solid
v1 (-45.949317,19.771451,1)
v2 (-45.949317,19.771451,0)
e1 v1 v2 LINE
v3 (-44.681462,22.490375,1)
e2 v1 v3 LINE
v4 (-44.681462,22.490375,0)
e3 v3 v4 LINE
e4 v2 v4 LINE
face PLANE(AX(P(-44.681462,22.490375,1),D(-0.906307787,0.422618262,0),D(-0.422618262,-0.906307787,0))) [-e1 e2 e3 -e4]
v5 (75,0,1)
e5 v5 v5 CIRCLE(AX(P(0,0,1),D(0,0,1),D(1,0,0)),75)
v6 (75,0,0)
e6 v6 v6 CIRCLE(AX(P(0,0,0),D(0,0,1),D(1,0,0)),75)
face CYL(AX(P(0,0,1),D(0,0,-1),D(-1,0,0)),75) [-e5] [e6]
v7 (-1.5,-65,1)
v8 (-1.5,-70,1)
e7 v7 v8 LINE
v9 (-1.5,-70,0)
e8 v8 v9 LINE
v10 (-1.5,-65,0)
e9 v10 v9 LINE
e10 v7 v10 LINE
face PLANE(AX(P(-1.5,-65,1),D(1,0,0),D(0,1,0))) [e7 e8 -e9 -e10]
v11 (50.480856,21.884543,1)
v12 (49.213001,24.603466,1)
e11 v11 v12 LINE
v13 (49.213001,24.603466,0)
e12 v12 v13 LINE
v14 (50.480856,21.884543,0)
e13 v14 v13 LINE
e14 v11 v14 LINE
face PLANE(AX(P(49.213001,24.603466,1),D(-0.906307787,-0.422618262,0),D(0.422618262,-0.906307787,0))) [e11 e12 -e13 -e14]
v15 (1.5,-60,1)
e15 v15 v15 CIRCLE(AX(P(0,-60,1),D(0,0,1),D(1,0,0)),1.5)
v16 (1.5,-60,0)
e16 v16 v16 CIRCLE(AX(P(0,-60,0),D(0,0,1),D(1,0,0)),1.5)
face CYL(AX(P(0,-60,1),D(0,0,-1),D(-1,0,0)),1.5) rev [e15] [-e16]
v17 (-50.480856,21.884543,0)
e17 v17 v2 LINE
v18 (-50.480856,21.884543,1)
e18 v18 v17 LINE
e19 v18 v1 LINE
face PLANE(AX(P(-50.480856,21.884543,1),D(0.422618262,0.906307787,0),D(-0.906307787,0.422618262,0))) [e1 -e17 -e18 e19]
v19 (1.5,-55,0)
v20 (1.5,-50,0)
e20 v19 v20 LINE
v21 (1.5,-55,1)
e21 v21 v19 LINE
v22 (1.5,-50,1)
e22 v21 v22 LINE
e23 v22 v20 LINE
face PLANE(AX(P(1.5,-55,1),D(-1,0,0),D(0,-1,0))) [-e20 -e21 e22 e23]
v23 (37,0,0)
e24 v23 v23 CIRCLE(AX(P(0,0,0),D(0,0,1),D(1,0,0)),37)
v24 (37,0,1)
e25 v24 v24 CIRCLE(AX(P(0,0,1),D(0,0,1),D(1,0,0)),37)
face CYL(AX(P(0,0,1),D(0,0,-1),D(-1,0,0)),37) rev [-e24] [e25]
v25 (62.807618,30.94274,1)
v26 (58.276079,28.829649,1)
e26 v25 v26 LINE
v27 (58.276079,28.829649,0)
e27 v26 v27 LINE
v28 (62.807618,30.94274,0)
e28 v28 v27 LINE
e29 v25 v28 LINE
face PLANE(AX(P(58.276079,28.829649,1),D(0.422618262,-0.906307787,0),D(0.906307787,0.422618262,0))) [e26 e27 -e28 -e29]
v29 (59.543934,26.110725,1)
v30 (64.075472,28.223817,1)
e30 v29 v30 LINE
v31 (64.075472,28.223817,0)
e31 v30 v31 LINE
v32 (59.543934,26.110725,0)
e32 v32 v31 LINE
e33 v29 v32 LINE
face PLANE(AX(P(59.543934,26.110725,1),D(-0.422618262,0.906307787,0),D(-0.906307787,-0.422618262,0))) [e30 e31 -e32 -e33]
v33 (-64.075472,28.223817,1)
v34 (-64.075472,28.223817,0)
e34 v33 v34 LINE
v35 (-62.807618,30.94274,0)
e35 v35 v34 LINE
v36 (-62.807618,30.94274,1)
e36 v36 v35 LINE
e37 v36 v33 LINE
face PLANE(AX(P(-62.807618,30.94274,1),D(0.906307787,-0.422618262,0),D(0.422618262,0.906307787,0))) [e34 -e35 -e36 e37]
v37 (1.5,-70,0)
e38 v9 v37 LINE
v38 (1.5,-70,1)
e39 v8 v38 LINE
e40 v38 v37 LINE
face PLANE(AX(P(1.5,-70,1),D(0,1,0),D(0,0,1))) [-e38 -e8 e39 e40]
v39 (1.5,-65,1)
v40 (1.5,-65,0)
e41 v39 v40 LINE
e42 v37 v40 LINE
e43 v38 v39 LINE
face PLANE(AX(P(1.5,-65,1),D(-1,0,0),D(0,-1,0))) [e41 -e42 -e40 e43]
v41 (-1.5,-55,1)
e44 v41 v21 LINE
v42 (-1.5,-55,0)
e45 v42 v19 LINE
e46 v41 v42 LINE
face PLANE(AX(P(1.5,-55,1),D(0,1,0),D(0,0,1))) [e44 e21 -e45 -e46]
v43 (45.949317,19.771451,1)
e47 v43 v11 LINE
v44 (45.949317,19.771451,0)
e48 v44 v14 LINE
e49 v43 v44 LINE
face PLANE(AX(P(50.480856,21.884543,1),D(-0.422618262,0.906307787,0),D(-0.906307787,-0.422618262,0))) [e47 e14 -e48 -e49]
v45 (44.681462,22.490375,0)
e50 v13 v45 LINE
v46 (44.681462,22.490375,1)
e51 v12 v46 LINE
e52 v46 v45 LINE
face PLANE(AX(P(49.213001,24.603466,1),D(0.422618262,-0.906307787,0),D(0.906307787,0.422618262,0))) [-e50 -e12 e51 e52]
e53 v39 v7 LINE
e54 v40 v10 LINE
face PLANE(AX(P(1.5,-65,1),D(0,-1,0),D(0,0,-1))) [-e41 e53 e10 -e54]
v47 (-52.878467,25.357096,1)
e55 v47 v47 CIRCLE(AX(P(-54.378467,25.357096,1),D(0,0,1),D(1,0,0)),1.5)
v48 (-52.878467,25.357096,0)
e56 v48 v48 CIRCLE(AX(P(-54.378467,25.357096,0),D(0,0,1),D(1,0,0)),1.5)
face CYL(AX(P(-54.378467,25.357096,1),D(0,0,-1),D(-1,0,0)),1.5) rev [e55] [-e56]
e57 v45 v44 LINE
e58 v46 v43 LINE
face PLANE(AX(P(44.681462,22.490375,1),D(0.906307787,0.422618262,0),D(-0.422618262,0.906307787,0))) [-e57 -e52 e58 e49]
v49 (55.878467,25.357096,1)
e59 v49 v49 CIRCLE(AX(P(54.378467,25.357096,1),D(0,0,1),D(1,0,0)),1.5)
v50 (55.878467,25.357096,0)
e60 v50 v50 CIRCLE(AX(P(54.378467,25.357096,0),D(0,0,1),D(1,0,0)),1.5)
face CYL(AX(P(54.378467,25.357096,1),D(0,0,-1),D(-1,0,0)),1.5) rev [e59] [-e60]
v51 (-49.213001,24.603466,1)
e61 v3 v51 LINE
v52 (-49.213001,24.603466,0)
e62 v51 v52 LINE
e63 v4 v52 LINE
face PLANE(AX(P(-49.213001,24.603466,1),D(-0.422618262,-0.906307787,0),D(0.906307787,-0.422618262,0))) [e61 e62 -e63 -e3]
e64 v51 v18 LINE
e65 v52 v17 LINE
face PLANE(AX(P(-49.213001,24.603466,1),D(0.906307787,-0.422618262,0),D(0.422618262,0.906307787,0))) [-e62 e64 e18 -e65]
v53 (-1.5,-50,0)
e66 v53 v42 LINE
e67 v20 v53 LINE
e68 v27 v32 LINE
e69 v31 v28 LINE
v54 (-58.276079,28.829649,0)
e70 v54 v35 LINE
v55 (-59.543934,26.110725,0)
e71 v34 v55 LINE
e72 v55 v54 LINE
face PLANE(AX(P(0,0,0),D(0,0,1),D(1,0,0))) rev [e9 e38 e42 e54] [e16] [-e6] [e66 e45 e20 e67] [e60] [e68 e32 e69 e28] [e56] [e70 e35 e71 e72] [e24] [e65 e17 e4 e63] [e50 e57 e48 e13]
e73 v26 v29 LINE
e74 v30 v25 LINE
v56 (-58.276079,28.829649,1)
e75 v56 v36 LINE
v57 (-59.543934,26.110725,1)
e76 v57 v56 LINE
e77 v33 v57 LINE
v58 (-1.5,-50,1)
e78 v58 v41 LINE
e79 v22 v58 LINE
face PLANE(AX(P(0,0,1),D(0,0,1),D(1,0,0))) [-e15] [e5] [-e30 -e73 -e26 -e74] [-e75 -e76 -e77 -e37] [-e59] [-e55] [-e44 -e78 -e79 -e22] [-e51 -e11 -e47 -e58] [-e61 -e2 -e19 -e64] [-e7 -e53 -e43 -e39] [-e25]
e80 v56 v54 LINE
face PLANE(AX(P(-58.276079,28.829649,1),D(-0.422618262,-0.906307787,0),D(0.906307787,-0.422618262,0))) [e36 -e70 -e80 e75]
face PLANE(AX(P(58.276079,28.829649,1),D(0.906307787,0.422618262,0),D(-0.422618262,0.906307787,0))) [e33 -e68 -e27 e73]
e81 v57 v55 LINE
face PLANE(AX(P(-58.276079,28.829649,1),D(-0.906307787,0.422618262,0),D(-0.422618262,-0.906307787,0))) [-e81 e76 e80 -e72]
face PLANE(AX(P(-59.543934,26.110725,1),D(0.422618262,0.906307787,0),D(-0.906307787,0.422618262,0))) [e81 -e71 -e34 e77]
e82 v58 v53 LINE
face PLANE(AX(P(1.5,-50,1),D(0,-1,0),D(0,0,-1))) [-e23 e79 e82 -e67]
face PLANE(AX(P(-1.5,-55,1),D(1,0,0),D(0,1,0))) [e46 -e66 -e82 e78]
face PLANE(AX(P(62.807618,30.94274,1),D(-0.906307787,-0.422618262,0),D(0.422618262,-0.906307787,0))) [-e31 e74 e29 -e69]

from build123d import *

# Parameters (mm, degrees)
SKETCH1_R           = 75
SKETCH1_R_2         = 37
SKETCH1_R_3         = 1.5
SKETCH1_W           = 3
SKETCH1_H           = 5
BOSS_EXTRUDE1_DEPTH = 1


with BuildPart() as part:
    # Sketch1 → Boss-Extrude1 (new body)
    with BuildSketch(Plane.XY):
        Circle(SKETCH1_R)
        Circle(SKETCH1_R_2, mode=Mode.SUBTRACT)
        with Locations((0, -60)):
            Circle(SKETCH1_R_3, mode=Mode.SUBTRACT)
        with Locations((54.378467222, 25.357095704)):
            Circle(SKETCH1_R_3, mode=Mode.SUBTRACT)
        with Locations((-54.378467222, 25.357095704)):
            Circle(SKETCH1_R_3, mode=Mode.SUBTRACT)
        with Locations((0, -52.5)):
            Rectangle(SKETCH1_W, SKETCH1_H, mode=Mode.SUBTRACT)
        with Locations((0, -67.5)):
            Rectangle(SKETCH1_W, SKETCH1_H, mode=Mode.SUBTRACT)
        Polygon((49.213000894, 24.603466076), (44.681461959, 22.490374768), (45.949316744, 19.771451406), (50.48085568, 21.884542715), align=None, mode=Mode.SUBTRACT)
        Polygon((58.276078765, 28.829648694), (62.8076177, 30.942740002), (64.075472485, 28.223816641), (59.54393355, 26.110725333), align=None, mode=Mode.SUBTRACT)
        Polygon((-58.276078765, 28.829648694), (-62.8076177, 30.942740002), (-64.075472485, 28.223816641), (-59.54393355, 26.110725333), align=None, mode=Mode.SUBTRACT)
        Polygon((-49.213000894, 24.603466076), (-44.681461959, 22.490374768), (-45.949316744, 19.771451406), (-50.48085568, 21.884542715), align=None, mode=Mode.SUBTRACT)
    extrude(amount=BOSS_EXTRUDE1_DEPTH)


solid = part.part
